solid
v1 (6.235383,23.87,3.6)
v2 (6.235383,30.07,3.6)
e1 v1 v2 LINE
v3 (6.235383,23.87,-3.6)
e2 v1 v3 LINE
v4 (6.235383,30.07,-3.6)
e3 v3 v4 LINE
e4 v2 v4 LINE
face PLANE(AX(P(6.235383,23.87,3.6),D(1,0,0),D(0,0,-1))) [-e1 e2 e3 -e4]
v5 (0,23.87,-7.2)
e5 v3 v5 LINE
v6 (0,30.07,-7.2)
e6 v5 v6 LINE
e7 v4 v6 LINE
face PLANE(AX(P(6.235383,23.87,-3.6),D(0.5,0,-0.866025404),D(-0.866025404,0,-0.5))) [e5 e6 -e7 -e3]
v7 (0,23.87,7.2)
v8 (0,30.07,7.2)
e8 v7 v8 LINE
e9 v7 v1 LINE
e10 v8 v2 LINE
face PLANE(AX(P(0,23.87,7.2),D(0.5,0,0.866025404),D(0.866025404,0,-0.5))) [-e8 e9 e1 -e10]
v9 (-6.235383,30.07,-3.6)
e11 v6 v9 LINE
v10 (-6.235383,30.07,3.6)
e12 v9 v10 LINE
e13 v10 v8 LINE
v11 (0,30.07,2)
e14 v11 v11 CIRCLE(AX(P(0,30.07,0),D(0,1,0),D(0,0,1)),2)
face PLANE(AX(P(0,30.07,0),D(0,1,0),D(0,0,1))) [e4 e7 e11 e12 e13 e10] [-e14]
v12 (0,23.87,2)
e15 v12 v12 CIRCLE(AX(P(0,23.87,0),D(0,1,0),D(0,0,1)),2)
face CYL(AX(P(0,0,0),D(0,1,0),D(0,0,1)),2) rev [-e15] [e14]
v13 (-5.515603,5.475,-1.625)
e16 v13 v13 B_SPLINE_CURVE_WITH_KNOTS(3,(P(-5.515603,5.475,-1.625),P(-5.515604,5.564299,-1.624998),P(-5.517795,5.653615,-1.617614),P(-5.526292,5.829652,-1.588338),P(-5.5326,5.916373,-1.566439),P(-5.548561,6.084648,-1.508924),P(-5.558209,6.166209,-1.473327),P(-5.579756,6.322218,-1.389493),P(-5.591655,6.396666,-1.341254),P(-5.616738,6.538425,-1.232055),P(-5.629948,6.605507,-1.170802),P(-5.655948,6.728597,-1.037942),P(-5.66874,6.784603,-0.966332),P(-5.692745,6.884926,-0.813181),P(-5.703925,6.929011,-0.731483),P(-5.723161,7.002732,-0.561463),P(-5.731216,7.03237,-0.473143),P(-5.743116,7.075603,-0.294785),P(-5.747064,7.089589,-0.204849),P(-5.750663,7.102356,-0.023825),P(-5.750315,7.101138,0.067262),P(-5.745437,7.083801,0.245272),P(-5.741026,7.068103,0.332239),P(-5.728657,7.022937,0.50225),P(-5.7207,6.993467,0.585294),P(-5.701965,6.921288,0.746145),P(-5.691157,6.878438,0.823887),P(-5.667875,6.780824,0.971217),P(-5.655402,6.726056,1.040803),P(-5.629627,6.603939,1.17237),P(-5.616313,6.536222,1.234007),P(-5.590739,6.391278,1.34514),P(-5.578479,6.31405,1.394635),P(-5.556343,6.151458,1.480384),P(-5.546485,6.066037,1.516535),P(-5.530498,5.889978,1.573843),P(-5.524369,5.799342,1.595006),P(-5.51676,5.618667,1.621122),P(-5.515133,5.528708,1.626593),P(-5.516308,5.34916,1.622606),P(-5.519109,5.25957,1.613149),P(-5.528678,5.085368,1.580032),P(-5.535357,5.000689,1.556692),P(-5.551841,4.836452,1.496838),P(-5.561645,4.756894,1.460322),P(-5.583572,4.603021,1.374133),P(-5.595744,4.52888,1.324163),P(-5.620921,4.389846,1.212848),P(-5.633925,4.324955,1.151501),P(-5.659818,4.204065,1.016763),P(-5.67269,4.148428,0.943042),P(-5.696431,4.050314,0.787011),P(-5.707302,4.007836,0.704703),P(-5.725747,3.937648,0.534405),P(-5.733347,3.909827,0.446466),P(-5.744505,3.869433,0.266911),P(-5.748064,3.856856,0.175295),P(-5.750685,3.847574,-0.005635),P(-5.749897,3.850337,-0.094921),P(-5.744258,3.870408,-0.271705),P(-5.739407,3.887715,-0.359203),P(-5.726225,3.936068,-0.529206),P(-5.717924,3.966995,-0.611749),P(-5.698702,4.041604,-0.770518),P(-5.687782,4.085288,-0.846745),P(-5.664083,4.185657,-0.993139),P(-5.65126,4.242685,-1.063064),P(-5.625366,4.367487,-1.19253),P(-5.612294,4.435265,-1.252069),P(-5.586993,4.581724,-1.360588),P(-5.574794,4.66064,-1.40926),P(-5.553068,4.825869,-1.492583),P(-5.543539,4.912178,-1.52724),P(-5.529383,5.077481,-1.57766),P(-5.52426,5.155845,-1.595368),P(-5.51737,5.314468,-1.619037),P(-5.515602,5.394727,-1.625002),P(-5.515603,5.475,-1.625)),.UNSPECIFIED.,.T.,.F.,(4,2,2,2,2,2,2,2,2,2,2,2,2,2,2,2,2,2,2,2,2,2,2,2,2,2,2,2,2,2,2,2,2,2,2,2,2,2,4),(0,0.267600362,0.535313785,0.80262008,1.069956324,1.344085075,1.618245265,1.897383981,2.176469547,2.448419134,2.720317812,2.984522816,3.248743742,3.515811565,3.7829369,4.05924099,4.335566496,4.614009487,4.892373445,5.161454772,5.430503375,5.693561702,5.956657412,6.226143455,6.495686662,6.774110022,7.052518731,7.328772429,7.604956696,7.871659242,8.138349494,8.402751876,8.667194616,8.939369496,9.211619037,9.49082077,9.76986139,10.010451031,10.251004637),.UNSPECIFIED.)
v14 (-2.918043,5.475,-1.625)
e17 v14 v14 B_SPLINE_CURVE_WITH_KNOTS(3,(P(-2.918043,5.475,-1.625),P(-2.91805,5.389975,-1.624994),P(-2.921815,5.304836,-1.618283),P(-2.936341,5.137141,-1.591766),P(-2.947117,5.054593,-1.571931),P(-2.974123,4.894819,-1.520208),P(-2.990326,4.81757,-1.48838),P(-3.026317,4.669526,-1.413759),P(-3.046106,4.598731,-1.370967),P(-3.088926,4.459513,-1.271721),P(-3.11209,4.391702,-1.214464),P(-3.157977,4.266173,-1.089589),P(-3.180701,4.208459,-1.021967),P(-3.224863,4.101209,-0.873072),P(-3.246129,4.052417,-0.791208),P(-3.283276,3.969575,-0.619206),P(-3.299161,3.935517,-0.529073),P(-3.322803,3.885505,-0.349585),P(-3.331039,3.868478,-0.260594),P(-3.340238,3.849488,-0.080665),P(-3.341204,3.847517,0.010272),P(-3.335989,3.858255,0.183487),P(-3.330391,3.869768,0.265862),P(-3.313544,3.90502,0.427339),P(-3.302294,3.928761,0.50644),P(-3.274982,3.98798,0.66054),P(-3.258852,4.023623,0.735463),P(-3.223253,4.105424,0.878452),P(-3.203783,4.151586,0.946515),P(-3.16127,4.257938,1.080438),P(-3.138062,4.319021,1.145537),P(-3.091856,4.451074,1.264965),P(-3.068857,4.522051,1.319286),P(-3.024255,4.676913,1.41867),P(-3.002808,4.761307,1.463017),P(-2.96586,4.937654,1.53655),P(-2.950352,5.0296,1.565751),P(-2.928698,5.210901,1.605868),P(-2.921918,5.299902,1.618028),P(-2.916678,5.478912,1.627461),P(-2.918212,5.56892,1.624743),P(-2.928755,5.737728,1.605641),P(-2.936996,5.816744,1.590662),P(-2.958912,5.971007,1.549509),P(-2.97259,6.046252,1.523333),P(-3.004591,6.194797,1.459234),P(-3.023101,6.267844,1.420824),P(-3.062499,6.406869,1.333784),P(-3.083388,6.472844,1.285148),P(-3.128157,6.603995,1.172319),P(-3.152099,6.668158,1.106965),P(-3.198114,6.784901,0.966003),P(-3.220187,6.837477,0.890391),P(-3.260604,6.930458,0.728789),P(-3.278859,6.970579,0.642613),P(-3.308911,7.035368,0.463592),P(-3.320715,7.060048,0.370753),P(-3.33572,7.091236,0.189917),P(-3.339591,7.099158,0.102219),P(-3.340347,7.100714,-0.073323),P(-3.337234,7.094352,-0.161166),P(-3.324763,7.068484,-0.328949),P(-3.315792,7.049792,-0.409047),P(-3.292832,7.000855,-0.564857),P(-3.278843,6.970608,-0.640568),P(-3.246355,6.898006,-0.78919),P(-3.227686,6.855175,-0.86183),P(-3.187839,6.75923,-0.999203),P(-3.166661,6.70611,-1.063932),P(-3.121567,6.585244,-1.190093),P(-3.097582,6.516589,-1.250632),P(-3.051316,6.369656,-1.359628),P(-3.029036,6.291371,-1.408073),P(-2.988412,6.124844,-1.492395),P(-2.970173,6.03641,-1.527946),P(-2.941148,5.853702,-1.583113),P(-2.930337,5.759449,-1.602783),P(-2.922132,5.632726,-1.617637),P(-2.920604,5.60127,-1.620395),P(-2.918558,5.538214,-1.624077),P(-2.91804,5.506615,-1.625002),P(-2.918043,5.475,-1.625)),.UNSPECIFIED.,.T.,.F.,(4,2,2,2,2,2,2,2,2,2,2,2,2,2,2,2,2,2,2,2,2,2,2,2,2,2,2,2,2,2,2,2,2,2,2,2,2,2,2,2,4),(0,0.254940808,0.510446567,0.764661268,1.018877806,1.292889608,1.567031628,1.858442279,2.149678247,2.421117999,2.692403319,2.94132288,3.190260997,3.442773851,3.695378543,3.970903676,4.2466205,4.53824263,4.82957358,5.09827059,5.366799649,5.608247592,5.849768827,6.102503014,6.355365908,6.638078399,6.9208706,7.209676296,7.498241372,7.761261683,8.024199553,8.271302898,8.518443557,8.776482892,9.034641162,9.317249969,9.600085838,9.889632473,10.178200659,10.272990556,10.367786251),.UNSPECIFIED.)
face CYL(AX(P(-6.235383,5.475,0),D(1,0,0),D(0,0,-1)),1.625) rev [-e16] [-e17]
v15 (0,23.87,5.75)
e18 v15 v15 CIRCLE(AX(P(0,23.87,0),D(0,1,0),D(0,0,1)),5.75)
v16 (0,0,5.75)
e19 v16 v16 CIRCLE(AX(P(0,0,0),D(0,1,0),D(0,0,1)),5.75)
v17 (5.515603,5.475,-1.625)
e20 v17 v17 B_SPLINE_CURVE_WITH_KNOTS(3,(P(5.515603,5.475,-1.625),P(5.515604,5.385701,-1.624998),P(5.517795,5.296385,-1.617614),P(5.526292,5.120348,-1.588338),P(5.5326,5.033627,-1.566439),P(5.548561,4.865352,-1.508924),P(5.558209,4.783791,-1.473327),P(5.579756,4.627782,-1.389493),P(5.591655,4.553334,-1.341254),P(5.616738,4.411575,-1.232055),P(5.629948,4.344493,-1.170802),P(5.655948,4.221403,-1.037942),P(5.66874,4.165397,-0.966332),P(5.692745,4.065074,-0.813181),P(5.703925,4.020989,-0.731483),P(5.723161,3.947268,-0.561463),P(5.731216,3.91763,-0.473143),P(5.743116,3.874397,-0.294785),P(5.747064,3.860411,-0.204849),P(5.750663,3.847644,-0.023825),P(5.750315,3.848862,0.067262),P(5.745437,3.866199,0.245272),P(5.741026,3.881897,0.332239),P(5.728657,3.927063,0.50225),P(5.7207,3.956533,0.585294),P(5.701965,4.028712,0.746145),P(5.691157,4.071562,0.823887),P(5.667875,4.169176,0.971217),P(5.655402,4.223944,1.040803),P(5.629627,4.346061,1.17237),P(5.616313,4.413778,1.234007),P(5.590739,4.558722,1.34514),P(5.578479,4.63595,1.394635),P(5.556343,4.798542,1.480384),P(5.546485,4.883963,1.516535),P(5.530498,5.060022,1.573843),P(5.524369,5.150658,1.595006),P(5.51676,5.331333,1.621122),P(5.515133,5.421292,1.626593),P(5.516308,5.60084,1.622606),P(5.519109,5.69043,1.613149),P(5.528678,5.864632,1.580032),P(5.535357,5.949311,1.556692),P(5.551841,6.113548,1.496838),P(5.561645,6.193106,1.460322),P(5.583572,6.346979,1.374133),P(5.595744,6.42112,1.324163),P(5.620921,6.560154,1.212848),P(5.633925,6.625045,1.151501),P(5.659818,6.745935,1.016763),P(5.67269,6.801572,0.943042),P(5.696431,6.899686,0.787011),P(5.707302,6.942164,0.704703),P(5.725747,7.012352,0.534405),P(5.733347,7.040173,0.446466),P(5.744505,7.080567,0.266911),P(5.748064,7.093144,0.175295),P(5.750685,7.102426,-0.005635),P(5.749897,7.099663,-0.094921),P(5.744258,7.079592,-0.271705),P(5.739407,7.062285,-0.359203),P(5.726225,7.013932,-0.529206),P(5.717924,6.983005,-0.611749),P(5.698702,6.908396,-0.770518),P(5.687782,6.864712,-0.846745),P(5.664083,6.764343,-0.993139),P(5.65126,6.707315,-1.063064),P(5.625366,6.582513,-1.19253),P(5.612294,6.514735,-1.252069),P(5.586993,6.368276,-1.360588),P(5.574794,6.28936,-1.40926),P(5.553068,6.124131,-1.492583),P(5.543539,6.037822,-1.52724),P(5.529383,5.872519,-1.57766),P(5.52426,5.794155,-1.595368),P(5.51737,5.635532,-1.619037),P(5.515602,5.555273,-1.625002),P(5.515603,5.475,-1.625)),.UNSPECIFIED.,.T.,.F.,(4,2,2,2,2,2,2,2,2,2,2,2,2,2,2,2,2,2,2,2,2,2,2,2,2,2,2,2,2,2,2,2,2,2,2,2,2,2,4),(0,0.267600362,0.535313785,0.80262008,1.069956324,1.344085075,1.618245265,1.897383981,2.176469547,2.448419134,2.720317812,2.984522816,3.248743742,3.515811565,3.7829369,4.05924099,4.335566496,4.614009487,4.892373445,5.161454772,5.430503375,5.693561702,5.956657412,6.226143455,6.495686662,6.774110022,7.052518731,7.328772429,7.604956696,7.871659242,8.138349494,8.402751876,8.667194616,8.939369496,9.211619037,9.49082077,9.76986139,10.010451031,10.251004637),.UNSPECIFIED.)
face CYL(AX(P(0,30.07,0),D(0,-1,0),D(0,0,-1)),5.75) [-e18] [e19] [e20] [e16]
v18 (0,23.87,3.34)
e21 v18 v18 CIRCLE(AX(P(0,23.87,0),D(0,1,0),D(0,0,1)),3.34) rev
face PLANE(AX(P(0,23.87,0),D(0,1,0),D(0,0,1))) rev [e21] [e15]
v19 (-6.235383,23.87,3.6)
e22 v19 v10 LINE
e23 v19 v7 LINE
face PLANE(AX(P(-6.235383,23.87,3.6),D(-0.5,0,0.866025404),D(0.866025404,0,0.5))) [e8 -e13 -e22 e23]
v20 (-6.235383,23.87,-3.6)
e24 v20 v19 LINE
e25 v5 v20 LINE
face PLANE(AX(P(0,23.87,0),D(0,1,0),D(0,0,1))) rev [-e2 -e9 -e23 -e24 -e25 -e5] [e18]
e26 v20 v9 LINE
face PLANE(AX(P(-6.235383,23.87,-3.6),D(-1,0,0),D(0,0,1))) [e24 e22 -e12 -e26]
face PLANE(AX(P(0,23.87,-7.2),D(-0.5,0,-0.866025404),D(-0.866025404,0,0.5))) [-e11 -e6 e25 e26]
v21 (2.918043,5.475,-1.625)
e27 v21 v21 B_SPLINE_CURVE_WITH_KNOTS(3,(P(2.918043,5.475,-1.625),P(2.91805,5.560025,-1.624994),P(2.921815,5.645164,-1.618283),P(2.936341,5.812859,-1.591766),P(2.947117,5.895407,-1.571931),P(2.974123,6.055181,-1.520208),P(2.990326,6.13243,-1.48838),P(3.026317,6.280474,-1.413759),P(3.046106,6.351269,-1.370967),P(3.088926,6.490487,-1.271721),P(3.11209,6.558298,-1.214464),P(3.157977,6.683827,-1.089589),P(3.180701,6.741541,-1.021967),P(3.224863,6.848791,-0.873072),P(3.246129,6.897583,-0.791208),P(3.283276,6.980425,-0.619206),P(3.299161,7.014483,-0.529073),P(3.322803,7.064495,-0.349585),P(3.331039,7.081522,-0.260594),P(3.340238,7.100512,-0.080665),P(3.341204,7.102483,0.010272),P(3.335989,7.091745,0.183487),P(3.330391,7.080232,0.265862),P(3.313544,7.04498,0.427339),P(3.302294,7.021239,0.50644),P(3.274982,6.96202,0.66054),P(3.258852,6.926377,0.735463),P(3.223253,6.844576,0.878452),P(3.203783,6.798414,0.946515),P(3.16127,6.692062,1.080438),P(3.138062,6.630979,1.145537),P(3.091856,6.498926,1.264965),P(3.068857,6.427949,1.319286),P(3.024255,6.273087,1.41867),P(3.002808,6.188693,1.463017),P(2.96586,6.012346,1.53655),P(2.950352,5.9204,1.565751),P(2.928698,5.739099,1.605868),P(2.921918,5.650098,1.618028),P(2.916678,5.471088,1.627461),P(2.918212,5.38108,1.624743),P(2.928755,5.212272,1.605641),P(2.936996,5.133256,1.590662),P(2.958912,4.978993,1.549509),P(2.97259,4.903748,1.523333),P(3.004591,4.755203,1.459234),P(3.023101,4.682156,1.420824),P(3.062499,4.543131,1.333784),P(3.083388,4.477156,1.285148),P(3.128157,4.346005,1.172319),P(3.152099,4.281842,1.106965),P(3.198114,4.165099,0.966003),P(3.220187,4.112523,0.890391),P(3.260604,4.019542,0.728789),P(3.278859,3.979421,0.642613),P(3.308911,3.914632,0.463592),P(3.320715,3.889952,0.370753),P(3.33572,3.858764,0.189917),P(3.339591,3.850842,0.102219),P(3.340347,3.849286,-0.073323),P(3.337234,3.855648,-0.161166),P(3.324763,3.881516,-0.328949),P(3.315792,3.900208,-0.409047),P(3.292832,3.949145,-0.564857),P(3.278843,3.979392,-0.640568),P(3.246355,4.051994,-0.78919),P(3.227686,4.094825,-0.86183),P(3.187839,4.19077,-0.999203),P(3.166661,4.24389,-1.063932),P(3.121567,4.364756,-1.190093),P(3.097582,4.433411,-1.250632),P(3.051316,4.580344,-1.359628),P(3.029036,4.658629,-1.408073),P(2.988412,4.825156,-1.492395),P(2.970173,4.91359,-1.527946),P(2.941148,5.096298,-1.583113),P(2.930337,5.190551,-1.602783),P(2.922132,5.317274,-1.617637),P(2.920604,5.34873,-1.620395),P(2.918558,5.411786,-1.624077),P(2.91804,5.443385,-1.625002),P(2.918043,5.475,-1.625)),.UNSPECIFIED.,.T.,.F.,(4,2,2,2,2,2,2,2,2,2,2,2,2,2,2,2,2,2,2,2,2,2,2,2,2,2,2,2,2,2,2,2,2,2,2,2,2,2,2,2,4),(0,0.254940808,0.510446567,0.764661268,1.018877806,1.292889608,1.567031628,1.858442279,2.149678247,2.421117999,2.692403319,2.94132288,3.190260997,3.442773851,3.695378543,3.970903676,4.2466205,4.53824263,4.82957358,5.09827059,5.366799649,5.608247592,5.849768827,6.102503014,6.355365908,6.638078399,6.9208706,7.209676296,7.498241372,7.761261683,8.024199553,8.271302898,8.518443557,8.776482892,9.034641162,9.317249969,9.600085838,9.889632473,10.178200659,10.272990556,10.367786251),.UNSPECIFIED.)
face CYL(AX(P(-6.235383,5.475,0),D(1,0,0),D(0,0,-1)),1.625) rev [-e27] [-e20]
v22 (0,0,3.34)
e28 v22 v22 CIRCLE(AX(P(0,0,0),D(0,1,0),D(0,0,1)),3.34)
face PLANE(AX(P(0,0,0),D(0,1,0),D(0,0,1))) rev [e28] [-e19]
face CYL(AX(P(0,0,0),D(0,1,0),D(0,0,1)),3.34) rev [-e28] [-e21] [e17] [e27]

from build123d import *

# Parameters (mm, degrees)
SKETCH1_R               = 5.75
CYLINDERBASE_DEPTH      = 30.07
SKETCH2_R               = 3.34
THROUGHHOLE_DEPTH       = 31.07
BOSS_EXTRUDE2_DEPTH     = 6.2
SKETCH4_R               = 2
CUT_EXTRUDE2_DEPTH      = 31.07
SKETCH5_R               = 1.625
CUT_EXTRUDE3_DEPTH      = 7.235382907
CUT_EXTRUDE3_DEPTH_BACK = 7.235382907


with BuildPart() as part:
    # Sketch1 → cylinderBase (new body)
    with BuildSketch(Plane(origin=(0, 0, 0), x_dir=(1, 0, 0), z_dir=(0, 1, 0))):
        Circle(SKETCH1_R)
    extrude(amount=CYLINDERBASE_DEPTH)

    # Sketch2 → throughHole (cut, through all)
    with BuildSketch(Plane(origin=(0, 30.07, 0), x_dir=(1, 0, 0), z_dir=(0, 1, 0))):
        Circle(SKETCH2_R)
    extrude(amount=-THROUGHHOLE_DEPTH, mode=Mode.SUBTRACT)

    # Sketch3 → Boss-Extrude2 (add)
    with BuildSketch(Plane(origin=(0, 30.07, 0), x_dir=(1, 0, 0), z_dir=(0, 1, 0))):
        Polygon((0, -7.2), (6.235382907, -3.6), (6.235382907, 3.6), (0, 7.2), (-6.235382907, 3.6), (-6.235382907, -3.6), align=None)
    extrude(amount=-BOSS_EXTRUDE2_DEPTH)

    # Sketch4 → Cut-Extrude2 (cut, through all)
    with BuildSketch(Plane(origin=(0, 30.07, 0), x_dir=(1, 0, 0), z_dir=(0, 1, 0))):
        Circle(SKETCH4_R)
    extrude(amount=-CUT_EXTRUDE2_DEPTH, mode=Mode.SUBTRACT)

    # Sketch5 → Cut-Extrude3 (cut, two sides)
    with BuildSketch(Plane(origin=(0, 0, 0), x_dir=(0, 0, -1), z_dir=(1, 0, 0))) as cut_extrude3_sk:
        with Locations((0, 5.475)):
            Circle(SKETCH5_R)
    extrude(amount=CUT_EXTRUDE3_DEPTH, mode=Mode.SUBTRACT)
    extrude(cut_extrude3_sk.sketch, amount=-CUT_EXTRUDE3_DEPTH_BACK, mode=Mode.SUBTRACT)


solid = part.part
